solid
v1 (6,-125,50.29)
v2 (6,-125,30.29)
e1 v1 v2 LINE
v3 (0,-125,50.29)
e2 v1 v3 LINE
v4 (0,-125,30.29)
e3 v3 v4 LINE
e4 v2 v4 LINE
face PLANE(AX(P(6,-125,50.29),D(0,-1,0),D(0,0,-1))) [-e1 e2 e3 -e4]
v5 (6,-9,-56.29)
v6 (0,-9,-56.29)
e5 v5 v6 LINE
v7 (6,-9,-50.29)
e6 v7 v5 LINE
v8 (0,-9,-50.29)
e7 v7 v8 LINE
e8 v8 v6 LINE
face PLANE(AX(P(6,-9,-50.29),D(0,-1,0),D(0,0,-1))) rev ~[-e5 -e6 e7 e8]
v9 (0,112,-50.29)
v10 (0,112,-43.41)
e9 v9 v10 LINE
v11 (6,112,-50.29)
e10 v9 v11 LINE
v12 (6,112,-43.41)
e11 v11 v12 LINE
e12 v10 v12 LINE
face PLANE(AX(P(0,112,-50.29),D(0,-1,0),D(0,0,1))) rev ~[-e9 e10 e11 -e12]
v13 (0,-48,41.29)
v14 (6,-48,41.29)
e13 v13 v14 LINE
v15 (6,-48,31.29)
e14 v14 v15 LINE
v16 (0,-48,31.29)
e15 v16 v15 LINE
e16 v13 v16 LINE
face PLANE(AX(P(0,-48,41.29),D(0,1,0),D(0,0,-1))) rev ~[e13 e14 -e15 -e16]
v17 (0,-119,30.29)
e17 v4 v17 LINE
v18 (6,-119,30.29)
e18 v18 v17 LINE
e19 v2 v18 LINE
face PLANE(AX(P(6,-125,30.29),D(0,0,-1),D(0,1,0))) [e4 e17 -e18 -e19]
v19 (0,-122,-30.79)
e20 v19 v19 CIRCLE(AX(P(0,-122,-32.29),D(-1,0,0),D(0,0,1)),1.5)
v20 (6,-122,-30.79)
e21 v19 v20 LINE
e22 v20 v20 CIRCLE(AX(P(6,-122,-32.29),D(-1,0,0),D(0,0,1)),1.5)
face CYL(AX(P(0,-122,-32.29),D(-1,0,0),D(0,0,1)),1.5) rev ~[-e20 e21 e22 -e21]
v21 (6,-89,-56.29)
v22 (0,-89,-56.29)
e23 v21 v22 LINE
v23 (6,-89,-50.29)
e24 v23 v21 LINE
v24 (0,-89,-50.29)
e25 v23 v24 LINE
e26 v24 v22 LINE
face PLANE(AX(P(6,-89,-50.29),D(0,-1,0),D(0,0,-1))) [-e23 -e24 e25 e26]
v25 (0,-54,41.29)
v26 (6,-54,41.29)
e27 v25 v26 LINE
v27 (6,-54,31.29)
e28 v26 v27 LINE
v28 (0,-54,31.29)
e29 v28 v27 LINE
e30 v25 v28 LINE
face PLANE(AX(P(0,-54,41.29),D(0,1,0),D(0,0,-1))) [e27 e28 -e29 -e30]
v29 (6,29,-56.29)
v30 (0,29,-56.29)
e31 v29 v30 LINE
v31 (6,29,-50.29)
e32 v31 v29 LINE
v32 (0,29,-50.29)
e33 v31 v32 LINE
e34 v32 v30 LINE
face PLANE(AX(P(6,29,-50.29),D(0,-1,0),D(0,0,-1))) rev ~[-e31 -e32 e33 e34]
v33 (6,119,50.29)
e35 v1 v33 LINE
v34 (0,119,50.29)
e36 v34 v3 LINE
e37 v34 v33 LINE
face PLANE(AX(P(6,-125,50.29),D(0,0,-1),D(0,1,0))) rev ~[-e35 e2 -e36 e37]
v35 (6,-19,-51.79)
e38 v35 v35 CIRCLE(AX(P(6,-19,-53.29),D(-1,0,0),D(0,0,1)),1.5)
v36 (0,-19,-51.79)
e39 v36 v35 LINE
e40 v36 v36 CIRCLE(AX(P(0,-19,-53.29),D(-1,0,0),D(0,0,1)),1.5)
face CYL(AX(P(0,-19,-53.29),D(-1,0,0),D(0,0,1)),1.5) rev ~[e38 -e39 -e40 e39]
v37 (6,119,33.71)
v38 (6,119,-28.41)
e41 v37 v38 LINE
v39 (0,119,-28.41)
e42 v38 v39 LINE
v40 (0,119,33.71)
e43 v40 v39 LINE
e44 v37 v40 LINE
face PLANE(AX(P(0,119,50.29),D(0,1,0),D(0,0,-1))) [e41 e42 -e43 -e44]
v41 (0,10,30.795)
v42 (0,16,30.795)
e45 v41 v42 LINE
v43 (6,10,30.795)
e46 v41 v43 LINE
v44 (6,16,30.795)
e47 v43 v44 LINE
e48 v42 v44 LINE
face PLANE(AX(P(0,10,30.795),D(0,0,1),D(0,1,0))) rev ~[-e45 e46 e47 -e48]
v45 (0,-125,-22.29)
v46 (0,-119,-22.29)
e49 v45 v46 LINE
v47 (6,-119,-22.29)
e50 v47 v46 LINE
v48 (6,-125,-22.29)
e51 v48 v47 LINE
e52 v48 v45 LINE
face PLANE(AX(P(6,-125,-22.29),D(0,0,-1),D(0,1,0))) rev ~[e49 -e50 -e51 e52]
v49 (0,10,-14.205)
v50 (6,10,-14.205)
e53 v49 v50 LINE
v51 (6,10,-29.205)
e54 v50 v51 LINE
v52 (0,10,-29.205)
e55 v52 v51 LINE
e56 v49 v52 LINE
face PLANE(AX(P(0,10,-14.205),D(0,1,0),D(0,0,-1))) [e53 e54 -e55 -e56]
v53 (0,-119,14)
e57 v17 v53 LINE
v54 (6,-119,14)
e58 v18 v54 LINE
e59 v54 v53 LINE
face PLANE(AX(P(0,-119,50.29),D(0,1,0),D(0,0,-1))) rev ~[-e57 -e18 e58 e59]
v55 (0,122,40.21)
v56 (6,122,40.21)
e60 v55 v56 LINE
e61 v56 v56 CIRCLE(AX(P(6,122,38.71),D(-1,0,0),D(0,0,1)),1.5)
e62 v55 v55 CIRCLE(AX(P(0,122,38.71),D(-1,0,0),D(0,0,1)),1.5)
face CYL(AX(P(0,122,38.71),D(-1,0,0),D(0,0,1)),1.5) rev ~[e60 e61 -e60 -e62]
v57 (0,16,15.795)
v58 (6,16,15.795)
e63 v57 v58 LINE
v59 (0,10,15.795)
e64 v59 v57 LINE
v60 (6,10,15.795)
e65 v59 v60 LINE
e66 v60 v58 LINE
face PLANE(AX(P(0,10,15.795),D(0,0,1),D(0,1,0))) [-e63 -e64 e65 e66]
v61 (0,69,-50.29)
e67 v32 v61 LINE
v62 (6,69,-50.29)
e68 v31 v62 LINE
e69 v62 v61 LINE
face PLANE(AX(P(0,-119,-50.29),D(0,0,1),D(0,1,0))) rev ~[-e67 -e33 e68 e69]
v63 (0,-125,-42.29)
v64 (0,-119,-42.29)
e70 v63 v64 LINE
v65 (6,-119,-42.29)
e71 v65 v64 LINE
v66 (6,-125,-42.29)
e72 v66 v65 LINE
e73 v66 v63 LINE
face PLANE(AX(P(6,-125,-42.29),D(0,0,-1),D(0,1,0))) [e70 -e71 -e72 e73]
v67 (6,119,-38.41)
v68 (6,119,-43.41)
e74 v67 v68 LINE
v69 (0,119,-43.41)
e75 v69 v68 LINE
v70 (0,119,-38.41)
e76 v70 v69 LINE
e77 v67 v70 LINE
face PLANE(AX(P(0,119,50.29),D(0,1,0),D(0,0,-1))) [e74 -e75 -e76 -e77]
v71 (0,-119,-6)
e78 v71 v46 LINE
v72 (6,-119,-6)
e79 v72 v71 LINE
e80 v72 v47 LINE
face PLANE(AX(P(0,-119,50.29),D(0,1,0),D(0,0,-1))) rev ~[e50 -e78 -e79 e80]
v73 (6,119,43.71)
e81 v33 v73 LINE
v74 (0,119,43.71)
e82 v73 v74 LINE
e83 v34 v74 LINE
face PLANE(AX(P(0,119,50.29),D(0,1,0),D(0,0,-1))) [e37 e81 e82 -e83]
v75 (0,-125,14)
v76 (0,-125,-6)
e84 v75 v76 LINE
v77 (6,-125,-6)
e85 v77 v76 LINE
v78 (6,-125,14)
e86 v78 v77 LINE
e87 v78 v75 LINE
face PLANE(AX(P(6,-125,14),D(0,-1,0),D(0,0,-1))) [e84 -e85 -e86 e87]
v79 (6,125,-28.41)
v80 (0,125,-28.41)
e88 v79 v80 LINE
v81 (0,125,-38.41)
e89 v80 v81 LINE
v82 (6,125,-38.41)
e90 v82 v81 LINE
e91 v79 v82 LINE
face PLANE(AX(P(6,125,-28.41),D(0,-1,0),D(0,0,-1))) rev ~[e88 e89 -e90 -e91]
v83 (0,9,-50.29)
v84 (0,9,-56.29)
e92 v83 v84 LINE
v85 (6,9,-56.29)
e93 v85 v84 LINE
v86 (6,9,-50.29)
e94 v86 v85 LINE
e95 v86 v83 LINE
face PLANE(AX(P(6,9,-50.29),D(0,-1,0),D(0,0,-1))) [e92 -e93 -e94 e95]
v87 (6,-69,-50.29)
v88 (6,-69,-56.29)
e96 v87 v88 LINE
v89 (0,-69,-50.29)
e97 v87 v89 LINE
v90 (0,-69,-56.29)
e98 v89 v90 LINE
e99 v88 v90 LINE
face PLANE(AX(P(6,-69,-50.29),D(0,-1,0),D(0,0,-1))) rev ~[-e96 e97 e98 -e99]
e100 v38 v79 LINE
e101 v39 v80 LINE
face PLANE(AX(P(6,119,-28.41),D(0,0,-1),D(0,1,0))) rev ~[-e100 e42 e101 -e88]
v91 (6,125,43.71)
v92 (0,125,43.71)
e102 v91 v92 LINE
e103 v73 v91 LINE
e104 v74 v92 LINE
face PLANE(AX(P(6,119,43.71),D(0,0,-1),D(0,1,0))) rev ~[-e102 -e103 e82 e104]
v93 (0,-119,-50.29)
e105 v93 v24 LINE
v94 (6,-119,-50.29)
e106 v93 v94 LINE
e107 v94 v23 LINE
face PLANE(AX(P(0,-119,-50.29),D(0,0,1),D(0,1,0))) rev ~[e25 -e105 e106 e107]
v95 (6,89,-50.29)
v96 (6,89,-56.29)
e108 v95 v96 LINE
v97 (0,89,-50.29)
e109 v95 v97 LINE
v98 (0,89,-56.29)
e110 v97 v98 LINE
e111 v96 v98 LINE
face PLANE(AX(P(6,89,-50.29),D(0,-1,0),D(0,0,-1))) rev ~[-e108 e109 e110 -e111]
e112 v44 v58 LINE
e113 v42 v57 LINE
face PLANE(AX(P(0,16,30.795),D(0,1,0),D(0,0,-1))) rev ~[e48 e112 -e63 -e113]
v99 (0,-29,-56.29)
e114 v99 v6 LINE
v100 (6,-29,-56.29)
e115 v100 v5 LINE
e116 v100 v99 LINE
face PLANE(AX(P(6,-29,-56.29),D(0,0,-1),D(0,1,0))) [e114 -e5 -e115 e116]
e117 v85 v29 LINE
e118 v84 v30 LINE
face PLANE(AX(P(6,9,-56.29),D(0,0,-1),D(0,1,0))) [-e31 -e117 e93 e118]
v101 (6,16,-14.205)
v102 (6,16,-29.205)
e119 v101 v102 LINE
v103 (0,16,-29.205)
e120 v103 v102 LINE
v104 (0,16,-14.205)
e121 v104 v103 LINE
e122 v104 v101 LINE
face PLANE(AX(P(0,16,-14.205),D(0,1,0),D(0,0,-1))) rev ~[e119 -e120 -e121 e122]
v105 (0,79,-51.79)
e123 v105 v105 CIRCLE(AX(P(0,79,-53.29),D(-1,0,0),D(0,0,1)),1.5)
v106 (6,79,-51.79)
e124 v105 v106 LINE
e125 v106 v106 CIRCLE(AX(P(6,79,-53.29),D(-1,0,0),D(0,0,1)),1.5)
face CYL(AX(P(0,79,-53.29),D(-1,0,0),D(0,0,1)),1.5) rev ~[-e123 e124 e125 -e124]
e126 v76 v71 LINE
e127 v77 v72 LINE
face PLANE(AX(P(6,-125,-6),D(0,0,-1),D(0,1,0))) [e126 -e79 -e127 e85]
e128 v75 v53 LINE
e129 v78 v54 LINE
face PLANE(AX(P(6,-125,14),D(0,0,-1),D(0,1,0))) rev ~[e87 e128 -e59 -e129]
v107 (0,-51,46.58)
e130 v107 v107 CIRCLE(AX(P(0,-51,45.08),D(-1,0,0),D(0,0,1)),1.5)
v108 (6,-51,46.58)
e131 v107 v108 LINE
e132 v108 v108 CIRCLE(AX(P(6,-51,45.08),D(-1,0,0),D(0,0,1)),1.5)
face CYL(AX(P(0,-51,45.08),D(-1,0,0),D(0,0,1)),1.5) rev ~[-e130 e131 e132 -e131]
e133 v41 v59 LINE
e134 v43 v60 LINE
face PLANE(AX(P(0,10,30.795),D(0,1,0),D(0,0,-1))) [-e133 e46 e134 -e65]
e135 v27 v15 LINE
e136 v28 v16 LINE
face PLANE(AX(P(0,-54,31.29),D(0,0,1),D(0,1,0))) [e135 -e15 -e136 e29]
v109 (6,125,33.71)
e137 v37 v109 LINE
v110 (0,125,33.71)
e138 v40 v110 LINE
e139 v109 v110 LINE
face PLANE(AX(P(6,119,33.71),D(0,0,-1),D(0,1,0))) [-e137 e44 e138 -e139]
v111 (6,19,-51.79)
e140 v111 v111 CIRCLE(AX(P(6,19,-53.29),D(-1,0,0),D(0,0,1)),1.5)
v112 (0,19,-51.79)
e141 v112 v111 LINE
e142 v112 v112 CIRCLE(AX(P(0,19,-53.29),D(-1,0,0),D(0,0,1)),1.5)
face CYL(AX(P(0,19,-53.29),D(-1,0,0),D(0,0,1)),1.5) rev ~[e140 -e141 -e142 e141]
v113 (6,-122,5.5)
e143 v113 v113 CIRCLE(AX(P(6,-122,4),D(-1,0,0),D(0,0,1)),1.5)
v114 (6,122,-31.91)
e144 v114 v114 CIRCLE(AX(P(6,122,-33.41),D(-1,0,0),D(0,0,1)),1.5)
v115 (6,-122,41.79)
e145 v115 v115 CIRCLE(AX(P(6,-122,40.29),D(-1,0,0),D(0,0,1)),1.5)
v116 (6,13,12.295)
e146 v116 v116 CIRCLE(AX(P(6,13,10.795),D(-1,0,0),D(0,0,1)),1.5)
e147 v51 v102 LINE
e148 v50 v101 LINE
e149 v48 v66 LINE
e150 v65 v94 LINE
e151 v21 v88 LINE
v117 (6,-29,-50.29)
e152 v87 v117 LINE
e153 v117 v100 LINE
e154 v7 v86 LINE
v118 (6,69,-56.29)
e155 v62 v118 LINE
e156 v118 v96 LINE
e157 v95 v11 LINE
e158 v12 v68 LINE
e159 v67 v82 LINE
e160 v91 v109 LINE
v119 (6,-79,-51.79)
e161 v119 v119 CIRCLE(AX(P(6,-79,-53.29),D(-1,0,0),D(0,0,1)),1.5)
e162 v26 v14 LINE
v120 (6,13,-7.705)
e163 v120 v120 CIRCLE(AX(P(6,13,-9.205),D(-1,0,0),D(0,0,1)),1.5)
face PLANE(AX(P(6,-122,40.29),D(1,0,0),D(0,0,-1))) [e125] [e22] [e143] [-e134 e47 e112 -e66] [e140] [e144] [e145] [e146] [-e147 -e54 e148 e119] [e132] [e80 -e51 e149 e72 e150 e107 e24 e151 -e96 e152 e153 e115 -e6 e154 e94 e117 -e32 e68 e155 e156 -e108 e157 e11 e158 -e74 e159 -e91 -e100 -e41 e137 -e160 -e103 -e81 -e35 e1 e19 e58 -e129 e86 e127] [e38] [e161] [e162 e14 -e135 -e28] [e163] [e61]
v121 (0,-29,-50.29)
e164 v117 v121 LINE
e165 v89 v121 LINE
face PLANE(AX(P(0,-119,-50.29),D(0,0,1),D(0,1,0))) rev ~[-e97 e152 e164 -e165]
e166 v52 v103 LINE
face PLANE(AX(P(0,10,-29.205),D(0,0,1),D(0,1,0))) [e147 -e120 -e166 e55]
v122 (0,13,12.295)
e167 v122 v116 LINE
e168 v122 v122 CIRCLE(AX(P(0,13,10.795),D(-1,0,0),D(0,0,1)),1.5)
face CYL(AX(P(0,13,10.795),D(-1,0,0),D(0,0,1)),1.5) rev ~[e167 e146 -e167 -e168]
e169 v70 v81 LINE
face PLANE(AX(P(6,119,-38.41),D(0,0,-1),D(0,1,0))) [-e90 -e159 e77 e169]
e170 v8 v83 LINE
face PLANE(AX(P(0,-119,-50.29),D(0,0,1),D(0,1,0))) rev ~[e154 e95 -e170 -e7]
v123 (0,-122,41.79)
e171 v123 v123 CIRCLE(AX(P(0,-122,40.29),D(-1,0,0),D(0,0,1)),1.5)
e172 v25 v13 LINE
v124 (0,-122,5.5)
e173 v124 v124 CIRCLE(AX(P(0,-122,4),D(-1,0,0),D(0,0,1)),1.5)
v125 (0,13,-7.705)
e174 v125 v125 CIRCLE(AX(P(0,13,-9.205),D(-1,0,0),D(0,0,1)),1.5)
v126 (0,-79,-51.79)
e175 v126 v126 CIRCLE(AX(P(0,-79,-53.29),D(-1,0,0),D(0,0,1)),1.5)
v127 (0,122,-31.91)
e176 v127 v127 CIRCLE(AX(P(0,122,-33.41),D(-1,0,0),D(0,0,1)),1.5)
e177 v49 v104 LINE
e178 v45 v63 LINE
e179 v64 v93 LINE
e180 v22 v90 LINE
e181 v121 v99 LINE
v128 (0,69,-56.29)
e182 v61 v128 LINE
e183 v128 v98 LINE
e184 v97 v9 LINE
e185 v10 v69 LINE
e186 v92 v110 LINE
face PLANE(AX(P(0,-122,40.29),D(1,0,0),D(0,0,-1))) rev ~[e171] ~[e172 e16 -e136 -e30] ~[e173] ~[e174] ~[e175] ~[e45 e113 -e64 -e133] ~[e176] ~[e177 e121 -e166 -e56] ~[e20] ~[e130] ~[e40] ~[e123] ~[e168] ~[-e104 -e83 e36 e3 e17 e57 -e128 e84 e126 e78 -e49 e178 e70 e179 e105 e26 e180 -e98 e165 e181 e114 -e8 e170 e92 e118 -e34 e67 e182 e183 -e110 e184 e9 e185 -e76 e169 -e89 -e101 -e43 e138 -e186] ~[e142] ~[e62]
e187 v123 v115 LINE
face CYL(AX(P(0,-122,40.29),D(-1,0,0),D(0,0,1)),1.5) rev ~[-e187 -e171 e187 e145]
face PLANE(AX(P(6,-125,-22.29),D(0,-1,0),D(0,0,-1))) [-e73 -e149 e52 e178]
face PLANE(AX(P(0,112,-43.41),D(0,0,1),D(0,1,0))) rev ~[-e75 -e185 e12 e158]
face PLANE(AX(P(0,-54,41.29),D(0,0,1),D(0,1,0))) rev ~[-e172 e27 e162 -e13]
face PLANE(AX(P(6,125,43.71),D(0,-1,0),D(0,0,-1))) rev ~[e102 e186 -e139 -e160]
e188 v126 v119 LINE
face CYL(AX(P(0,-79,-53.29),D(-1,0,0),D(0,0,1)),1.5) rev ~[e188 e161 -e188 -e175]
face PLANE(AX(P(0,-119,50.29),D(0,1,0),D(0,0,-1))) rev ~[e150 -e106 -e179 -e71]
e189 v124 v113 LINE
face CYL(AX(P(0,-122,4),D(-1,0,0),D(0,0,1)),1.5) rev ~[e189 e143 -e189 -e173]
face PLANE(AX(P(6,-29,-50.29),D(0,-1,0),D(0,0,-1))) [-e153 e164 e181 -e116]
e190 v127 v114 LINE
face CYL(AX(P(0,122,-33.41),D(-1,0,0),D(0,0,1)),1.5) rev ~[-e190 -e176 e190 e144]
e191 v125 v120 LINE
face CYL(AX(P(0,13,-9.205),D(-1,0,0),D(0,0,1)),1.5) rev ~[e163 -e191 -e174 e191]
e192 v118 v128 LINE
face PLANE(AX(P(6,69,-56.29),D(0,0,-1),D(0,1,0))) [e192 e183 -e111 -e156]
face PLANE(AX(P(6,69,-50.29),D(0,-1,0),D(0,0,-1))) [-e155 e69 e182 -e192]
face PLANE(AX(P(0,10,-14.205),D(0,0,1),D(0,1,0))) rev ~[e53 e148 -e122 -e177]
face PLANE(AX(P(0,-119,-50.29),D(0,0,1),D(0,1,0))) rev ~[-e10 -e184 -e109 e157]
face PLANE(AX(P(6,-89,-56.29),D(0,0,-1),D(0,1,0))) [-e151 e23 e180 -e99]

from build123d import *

# Parameters (mm, degrees)
ESQUISSE1_W             = 100.58
ESQUISSE1_H             = 238
ESQUISSE1_W_2           = 10
ESQUISSE1_H_2           = 6
ESQUISSE1_W_3           = 15
BOSS_EXTRU_1_DEPTH      = 6
ESQUISSE3_W             = 20
ESQUISSE3_H             = 6
ESQUISSE3_W_2           = 6
ESQUISSE3_H_2           = 20
ESQUISSE3_W_3           = 10
BOSS_EXTRU_5_DEPTH      = 6
ESQUISSE7_W             = 6.88
ESQUISSE7_H             = 7
ENL_V_MAT_EXTRU_3_DEPTH = 6
ESQUISSE8_R             = 1.5
ENL_V_MAT_EXTRU_4_DEPTH = 6


with BuildPart() as part:
    # Esquisse1 → Boss.-Extru.1 (new body)
    with BuildSketch(Plane(origin=(0, 0, 0), x_dir=(0, 0, -1), z_dir=(1, 0, 0))):
        Rectangle(ESQUISSE1_W, ESQUISSE1_H)
        with Locations((-36.29, -51)):
            Rectangle(ESQUISSE1_W_2, ESQUISSE1_H_2, mode=Mode.SUBTRACT)
        with Locations((-23.295, 13)):
            Rectangle(ESQUISSE1_W_3, ESQUISSE1_H_2, mode=Mode.SUBTRACT)
        with Locations((21.705, 13)):
            Rectangle(ESQUISSE1_W_3, ESQUISSE1_H_2, mode=Mode.SUBTRACT)
    extrude(amount=BOSS_EXTRU_1_DEPTH)

    # Esquisse3 → Boss.-Extru.5 (add)
    with BuildSketch(Plane(origin=(6, 0, 0), x_dir=(0, 0, -1), z_dir=(1, 0, 0))):
        with Locations((-40.29, -122)):
            Rectangle(ESQUISSE3_W, ESQUISSE3_H)
        with Locations((32.29, -122)):
            Rectangle(ESQUISSE3_W, ESQUISSE3_H)
        with Locations((53.29, 19)):
            Rectangle(ESQUISSE3_W_2, ESQUISSE3_H_2)
        with Locations((53.29, 79)):
            Rectangle(ESQUISSE3_W_2, ESQUISSE3_H_2)
        with Locations((53.29, -79)):
            Rectangle(ESQUISSE3_W_2, ESQUISSE3_H_2)
        with Locations((53.29, -19)):
            Rectangle(ESQUISSE3_W_2, ESQUISSE3_H_2)
        with Locations((-4, -122)):
            Rectangle(ESQUISSE3_W, ESQUISSE3_H)
        with Locations((33.41, 122)):
            Rectangle(ESQUISSE3_W_3, ESQUISSE3_H)
        with Locations((-38.71, 122)):
            Rectangle(ESQUISSE3_W_3, ESQUISSE3_H)
    extrude(amount=-BOSS_EXTRU_5_DEPTH)

    # Esquisse7 → Enlèv. mat.-Extru.3 (cut)
    with BuildSketch(Plane.ZY):
        with Locations((-46.85, 115.5)):
            Rectangle(ESQUISSE7_W, ESQUISSE7_H)
    extrude(amount=-ENL_V_MAT_EXTRU_3_DEPTH, mode=Mode.SUBTRACT)

    # Esquisse8 → Enlèv. mat.-Extru.4 (cut)
    with BuildSketch(Plane.ZY):
        with Locations((4, -122)):
            Circle(ESQUISSE8_R)
        with Locations((-9.205, 13)):
            Circle(ESQUISSE8_R)
        with Locations((10.795, 13)):
            Circle(ESQUISSE8_R)
        with Locations((45.08, -51)):
            Circle(ESQUISSE8_R)
        with Locations((38.71, 122)):
            Circle(ESQUISSE8_R)
        with Locations((-33.41, 122)):
            Circle(ESQUISSE8_R)
        with Locations((40.29, -122)):
            Circle(ESQUISSE8_R)
        with Locations((-53.29, 79)):
            Circle(ESQUISSE8_R)
        with Locations((-32.29, -122)):
            Circle(ESQUISSE8_R)
        with Locations((-53.29, 19)):
            Circle(ESQUISSE8_R)
        with Locations((-53.29, -79)):
            Circle(ESQUISSE8_R)
        with Locations((-53.29, -19)):
            Circle(ESQUISSE8_R)
    extrude(amount=-ENL_V_MAT_EXTRU_4_DEPTH, mode=Mode.SUBTRACT)


solid = part.part
